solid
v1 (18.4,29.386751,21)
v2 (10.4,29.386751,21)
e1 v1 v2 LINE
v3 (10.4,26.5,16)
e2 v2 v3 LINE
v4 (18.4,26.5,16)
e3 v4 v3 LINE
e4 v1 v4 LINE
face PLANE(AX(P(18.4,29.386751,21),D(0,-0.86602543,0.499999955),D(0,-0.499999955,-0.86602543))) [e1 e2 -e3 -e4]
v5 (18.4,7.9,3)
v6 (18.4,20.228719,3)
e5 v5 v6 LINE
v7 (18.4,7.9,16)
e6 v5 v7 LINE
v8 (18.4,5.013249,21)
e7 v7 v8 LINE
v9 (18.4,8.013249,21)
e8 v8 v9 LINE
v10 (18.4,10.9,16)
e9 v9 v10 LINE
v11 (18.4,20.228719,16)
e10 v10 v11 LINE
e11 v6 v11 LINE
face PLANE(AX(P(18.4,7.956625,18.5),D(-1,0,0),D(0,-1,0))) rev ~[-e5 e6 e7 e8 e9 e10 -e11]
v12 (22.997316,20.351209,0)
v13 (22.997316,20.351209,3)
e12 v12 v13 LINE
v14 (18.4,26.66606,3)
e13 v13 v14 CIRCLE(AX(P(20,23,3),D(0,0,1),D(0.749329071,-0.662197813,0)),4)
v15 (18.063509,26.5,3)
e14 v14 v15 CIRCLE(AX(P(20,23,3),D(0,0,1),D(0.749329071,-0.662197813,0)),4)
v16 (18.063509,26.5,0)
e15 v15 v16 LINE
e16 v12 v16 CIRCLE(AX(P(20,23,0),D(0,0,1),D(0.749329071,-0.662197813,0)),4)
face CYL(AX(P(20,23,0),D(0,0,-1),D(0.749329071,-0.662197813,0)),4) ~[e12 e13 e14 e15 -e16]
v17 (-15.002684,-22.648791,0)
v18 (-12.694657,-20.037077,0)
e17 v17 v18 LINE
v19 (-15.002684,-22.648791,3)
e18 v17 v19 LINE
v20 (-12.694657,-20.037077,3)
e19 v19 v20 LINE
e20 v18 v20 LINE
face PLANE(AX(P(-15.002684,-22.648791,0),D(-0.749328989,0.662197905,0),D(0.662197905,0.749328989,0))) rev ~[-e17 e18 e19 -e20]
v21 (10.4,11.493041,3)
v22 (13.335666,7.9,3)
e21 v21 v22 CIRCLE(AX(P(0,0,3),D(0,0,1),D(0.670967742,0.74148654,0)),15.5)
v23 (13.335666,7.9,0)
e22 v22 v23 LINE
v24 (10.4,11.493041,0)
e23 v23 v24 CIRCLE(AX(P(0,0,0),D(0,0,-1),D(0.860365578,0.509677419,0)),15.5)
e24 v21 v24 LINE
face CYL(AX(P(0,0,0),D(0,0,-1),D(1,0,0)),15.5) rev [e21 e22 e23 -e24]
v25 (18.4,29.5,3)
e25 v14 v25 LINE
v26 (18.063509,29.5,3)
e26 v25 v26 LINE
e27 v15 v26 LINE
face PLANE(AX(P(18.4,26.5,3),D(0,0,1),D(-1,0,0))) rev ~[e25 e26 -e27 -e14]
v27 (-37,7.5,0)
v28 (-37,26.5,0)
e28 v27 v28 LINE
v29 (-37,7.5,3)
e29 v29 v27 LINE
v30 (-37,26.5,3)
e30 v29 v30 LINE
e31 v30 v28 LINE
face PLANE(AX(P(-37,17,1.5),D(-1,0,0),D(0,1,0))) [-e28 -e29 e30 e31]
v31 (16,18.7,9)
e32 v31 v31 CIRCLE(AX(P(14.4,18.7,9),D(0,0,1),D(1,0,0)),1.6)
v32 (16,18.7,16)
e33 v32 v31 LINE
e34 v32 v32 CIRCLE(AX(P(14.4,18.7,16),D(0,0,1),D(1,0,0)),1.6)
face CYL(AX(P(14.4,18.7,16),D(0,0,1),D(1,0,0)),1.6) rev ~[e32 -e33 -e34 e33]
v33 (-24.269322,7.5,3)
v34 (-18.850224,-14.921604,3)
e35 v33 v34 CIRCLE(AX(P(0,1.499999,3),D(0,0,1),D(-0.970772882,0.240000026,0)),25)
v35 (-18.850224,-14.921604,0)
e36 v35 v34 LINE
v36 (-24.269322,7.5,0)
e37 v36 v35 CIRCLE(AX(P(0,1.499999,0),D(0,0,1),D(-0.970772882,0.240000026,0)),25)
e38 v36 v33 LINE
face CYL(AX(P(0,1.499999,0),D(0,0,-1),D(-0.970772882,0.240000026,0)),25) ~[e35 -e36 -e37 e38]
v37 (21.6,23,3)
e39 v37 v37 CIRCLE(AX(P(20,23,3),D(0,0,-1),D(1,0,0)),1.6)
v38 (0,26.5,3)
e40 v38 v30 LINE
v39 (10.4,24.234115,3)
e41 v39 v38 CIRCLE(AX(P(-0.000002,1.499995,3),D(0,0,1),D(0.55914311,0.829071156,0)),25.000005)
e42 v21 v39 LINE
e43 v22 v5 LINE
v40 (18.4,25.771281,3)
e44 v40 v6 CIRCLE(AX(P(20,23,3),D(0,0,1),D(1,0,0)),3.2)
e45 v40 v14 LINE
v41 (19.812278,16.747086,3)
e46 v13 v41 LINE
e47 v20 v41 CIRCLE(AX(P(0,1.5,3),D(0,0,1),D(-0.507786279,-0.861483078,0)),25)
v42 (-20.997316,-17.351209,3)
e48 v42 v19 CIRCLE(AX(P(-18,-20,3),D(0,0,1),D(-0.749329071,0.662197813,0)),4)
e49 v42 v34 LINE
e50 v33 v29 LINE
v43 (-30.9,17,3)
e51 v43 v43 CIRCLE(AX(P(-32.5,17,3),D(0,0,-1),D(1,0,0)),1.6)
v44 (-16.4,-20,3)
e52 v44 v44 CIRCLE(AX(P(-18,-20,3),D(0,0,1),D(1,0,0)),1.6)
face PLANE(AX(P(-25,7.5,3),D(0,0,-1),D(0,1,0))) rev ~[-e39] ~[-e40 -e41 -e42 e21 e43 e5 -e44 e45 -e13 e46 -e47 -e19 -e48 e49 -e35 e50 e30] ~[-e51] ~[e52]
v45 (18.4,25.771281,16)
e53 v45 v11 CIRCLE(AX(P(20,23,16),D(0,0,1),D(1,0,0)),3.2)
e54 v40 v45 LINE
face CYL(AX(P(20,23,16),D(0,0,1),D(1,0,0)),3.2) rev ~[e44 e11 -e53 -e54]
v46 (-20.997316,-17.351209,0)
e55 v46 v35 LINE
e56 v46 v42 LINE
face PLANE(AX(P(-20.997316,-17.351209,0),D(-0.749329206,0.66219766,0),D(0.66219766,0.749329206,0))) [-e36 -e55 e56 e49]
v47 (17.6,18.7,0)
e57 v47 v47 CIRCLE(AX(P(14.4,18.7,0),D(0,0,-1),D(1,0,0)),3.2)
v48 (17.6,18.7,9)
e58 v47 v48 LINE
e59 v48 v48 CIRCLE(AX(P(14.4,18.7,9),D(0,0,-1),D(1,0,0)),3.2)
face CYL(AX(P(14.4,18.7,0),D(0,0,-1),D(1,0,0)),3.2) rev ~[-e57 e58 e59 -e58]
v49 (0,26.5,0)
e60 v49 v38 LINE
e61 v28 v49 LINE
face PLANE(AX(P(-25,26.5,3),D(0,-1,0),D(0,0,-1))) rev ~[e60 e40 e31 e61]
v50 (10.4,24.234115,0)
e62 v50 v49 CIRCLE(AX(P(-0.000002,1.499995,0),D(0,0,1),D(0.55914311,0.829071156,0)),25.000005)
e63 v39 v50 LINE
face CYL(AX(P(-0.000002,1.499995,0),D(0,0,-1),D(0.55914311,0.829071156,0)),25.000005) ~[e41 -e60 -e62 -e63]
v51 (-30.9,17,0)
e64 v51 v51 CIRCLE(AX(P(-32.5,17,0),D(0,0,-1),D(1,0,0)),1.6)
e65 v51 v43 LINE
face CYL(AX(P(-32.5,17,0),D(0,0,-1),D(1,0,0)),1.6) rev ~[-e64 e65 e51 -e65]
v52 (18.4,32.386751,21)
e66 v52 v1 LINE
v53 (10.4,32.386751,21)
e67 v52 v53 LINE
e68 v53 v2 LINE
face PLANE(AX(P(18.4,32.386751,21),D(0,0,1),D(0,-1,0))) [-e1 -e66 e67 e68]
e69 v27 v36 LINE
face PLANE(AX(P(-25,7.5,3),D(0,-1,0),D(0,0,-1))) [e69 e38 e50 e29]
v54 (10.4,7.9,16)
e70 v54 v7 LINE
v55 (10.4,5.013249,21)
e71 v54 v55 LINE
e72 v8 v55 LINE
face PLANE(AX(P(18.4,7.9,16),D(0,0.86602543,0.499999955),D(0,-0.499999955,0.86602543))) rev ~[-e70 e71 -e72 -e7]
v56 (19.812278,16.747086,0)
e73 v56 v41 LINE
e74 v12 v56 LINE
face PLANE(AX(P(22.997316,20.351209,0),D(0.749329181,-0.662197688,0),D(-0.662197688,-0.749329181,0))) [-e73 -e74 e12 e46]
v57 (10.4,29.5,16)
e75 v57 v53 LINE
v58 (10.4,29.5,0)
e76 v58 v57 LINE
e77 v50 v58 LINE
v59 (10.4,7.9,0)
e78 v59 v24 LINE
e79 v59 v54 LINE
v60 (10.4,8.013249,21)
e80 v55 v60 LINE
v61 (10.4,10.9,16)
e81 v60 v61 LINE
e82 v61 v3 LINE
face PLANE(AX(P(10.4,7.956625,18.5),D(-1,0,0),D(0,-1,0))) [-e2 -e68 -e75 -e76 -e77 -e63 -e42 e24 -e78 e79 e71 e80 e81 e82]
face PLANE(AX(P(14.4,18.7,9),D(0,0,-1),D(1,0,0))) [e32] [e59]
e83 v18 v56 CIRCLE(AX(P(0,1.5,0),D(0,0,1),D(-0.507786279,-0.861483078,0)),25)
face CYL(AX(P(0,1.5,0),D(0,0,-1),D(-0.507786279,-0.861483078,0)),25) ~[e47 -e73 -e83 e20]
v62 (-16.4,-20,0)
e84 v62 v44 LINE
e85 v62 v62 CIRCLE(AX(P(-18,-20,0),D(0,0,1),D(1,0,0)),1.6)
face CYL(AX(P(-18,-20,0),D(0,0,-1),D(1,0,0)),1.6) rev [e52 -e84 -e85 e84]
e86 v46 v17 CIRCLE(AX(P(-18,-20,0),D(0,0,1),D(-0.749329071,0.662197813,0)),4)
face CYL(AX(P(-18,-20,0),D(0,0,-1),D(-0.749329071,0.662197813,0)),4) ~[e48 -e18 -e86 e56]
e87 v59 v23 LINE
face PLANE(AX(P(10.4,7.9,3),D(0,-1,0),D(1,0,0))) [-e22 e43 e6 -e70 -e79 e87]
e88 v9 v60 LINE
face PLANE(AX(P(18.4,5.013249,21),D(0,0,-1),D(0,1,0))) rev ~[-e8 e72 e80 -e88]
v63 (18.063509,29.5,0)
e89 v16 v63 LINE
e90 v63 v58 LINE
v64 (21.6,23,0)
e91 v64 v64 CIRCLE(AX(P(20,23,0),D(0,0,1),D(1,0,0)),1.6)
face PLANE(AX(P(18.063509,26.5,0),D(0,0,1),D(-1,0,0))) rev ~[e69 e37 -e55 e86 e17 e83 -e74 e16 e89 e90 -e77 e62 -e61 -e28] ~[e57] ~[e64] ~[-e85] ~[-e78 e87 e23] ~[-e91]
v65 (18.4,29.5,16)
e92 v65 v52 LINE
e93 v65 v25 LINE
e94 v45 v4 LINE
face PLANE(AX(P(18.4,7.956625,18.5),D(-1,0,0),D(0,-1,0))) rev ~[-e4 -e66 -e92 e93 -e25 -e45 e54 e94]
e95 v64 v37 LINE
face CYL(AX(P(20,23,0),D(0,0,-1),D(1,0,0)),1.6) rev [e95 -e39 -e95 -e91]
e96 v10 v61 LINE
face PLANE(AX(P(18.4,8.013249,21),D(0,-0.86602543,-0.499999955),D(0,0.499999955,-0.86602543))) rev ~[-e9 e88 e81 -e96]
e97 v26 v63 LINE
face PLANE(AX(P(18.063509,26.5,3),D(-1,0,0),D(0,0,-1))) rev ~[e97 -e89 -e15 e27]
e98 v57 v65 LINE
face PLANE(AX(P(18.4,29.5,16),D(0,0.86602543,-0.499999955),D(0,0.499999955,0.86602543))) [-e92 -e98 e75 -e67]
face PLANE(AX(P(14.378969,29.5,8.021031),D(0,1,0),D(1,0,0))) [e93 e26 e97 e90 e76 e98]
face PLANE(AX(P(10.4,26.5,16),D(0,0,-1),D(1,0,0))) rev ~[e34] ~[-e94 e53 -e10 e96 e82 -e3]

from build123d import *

# Parameters (mm, degrees)
SKETCH_R          = 15.5
SKETCH_R_2        = 1.6
PAD_DEPTH         = 3
PAD_FACE5_W       = 19
PAD_FACE5_H       = 3
PAD001_DEPTH      = 12
SKETCH001_W       = 8
SKETCH001_H       = 18.6
PAD002_DEPTH      = 13
PAD002_DEPTH_BACK = 3
PAD003_DEPTH      = 3
PAD004_DEPTH      = 8
SKETCH003_R       = 1.6
POCKET_DEPTH      = 16.001
SKETCH004_R       = 3.2
POCKET001_DEPTH   = 13
SKETCH005_R       = 3.2
POCKET002_DEPTH   = 9
SKETCH006_R       = 1.6
POCKET003_DEPTH   = 21.001


with BuildPart() as part:
    # Sketch → Pad (new body)
    with BuildSketch(Plane.XY):
        with BuildLine():
            Line((-25, 26.5), (-25, 7.5))
            Line((-25, 7.5), (-24.269322, 7.5))
            ThreePointArc((-24.269322, 7.5), (-24.300327, -4.373169), (-18.850224, -14.921604))
            Line((-20.997316, -17.351209), (-18.850224, -14.921604))
            ThreePointArc((-20.997316, -17.351209), (-20.648791, -22.997316), (-15.002684, -22.648791))
            Line((-15.002684, -22.648791), (-12.694657, -20.037077))
            ThreePointArc((-12.694657, -20.037077), (18.733227, -15.054945), (19.812278, 16.747086))
            Line((22.997316, 20.351209), (19.812278, 16.747086))
            ThreePointArc((22.997316, 20.351209), (22.648791, 25.997316), (17.002684, 25.648791))
            Line((17.002684, 25.648791), (13.978579, 22.226778))
            ThreePointArc((13.978579, 22.226778), (7.308575, 25.407838), (0, 26.5))
            Line((-25, 26.5), (0, 26.5))
        make_face()
        Circle(SKETCH_R, mode=Mode.SUBTRACT)
        with Locations((-18, -20)):
            Circle(SKETCH_R_2, mode=Mode.SUBTRACT)
        with Locations((20, 23)):
            Circle(SKETCH_R_2, mode=Mode.SUBTRACT)
    extrude(amount=PAD_DEPTH)

    # Pad Face5 → Pad001 (add)
    with BuildSketch(Plane(origin=(-25, 17, 1.5), x_dir=(0, 1, 0), z_dir=(-1, 0, 0))):
        Rectangle(PAD_FACE5_W, PAD_FACE5_H)
    extrude(amount=PAD001_DEPTH)

    # Sketch001 (on Face15 of Pad001) → Pad002 (join, two sides)
    with BuildSketch(Plane.XY.offset(3)) as pad002_sk:
        with Locations((14.4, 17.2)):
            Rectangle(SKETCH001_W, SKETCH001_H)
    extrude(amount=PAD002_DEPTH)
    extrude(pad002_sk.sketch, amount=-PAD002_DEPTH_BACK)

    # Pad002 Face17 → Pad003 (add)
    with BuildSketch(Plane(origin=(14.369541, 26.5, 8.05167), x_dir=(1, 0, 0), z_dir=(0, 1, 0))):
        Polygon((3.693968, 8.05167), (-3.969541, 8.05167), (-3.969541, -7.94833), (4.030459, -7.94833), (4.030459, 5.05167), (3.693968, 5.05167), align=None)
    extrude(amount=PAD003_DEPTH)

    # Sketch002 (on Face20 of Pad003) → Pad004 (join)
    with BuildSketch(Plane.YZ.offset(18.4)):
        Polygon((7.9, 16), (5.013249, 21), (8.013249, 21), (10.9, 16), align=None)
        Polygon((26.5, 16), (29.5, 16), (32.386751, 21), (29.386751, 21), align=None)
    extrude(amount=-PAD004_DEPTH)

    # Sketch003 (on Face26 of Pad004) → Pocket (cut, through all)
    with BuildSketch(Plane.XY.offset(16)):
        with Locations((14.4, 18.7)):
            Circle(SKETCH003_R)
    extrude(amount=-POCKET_DEPTH, mode=Mode.SUBTRACT)

    # Sketch004 (on Face28 of Pocket) → Pocket001 (cut)
    with BuildSketch(Plane.XY.offset(16)):
        with Locations((20, 23)):
            Circle(SKETCH004_R)
    extrude(amount=-POCKET001_DEPTH, mode=Mode.SUBTRACT)

    # Sketch005 (on Face26 of Pocket001) → Pocket002 (cut)
    with BuildSketch(Plane(origin=(0, 0, 0), x_dir=(1, 0, 0), z_dir=(0, 0, -1))):
        with Locations((14.4, -18.7)):
            Circle(SKETCH005_R)
    extrude(amount=-POCKET002_DEPTH, mode=Mode.SUBTRACT)

    # Sketch006 (on Face2 of Pocket002) → Pocket003 (cut, through all)
    with BuildSketch(Plane(origin=(0, 0, 0), x_dir=(1, 0, 0), z_dir=(0, 0, -1))):
        with Locations((-32.5, -17)):
            Circle(SKETCH006_R)
    extrude(amount=-POCKET003_DEPTH, mode=Mode.SUBTRACT)


solid = part.part
